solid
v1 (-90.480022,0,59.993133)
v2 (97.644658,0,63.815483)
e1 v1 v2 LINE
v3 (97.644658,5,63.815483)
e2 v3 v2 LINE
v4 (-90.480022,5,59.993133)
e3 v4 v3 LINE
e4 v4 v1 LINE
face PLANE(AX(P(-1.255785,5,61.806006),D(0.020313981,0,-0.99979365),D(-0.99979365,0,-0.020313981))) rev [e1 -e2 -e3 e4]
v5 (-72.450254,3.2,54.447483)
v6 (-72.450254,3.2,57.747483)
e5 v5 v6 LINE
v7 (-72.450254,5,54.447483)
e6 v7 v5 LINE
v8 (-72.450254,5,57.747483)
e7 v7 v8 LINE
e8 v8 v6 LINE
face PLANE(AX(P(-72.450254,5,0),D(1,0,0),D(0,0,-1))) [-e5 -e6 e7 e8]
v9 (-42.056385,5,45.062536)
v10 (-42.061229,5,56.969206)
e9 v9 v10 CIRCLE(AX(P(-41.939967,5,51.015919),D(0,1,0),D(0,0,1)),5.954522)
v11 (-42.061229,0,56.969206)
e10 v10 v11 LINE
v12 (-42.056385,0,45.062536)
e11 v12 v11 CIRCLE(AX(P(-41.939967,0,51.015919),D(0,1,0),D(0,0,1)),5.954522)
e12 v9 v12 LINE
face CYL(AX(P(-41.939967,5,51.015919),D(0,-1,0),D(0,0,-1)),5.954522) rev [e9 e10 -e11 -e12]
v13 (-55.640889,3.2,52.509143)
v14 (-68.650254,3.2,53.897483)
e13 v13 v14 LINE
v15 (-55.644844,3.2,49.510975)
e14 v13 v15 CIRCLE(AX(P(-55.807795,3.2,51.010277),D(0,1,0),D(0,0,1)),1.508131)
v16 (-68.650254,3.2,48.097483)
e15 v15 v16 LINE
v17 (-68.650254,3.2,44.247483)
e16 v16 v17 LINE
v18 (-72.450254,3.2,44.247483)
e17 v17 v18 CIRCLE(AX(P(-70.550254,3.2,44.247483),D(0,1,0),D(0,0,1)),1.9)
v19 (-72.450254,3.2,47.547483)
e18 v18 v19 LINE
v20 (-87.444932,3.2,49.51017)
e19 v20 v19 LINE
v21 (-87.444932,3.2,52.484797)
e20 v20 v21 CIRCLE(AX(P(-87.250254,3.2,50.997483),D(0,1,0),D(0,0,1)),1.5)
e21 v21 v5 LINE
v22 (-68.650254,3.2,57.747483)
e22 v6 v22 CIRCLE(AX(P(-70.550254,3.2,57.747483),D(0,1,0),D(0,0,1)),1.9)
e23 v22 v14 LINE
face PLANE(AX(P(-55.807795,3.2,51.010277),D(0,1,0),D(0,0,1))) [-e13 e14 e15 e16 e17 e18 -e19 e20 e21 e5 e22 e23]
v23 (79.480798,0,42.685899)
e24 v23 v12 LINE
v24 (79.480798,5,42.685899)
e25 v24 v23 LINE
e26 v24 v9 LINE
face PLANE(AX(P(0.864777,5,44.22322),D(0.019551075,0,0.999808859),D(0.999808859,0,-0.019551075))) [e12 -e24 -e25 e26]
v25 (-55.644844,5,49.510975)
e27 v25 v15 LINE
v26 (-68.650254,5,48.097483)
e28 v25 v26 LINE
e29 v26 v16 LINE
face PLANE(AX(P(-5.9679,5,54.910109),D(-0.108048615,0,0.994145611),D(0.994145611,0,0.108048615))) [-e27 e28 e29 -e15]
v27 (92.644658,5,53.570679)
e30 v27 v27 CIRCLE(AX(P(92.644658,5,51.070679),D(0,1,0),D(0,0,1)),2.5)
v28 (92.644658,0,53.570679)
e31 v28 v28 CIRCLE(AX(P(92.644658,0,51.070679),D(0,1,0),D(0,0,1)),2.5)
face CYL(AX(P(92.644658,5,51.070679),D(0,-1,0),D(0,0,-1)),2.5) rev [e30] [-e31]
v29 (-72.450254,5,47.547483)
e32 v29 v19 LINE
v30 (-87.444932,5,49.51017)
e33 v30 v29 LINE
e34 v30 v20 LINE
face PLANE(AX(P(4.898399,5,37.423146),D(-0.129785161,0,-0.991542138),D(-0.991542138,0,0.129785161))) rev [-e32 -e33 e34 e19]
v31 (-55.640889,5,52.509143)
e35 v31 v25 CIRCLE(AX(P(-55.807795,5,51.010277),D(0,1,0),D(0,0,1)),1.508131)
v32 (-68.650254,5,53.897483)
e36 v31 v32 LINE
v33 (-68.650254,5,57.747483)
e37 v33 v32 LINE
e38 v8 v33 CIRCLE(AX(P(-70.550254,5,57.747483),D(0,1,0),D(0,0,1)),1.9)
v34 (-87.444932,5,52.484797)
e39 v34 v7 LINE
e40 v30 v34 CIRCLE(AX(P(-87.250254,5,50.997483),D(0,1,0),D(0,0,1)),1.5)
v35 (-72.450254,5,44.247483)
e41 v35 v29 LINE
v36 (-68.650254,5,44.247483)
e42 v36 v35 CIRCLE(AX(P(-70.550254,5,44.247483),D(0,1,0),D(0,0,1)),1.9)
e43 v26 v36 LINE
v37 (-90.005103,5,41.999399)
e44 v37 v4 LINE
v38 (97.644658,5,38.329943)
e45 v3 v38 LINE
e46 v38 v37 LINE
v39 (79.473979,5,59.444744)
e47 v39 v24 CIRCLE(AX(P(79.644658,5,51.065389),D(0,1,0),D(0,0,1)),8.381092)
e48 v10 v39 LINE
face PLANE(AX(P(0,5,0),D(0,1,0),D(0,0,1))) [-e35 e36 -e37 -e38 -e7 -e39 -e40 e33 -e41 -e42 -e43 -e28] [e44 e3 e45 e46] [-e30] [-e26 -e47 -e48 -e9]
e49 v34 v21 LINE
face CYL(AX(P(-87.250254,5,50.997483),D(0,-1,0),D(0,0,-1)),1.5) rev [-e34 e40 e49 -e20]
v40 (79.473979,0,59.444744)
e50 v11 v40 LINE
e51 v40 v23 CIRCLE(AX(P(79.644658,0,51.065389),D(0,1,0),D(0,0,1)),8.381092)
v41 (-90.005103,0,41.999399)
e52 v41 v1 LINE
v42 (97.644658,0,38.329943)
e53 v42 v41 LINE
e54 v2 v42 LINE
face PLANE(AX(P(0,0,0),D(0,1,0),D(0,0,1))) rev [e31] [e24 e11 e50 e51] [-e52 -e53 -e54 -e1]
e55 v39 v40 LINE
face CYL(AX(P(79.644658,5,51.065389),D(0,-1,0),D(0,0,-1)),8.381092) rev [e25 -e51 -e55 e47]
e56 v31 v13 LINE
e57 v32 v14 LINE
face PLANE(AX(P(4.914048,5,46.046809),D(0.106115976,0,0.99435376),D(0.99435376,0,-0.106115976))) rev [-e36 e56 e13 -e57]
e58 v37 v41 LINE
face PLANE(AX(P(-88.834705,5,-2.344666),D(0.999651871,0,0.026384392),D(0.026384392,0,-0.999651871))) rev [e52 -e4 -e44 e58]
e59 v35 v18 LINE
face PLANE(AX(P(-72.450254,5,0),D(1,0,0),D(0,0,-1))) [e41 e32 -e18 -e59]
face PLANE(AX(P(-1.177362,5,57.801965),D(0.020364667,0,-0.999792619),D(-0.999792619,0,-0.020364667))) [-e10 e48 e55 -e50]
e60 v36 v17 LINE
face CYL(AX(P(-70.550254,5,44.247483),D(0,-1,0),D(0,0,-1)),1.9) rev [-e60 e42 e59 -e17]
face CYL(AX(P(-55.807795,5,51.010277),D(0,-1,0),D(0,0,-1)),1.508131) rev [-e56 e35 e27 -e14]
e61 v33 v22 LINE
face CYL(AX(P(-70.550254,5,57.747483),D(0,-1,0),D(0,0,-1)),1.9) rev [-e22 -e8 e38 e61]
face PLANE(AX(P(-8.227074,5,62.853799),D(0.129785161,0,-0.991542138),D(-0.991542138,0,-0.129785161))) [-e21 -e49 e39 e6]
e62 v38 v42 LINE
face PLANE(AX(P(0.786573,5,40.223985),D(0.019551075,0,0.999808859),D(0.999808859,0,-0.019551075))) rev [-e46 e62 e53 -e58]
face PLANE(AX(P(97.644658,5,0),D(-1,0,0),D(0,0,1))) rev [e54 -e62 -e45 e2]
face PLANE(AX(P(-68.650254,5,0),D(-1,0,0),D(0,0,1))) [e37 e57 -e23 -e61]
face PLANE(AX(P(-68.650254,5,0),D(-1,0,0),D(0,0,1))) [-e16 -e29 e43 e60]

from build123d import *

# Parameters (mm, degrees)
SKETCH1_R           = 2.5
BOSS_EXTRUDE1_DEPTH = 5
BOSS_EXTRUDE2_DEPTH = 3.2


with BuildPart() as part:
    # Sketch1 → Boss-Extrude1 (new body)
    with BuildSketch(Plane(origin=(0, 0, 0), x_dir=(1, 0, 0), z_dir=(0, 1, 0))):
        Polygon((-90.005103209, -41.999399148), (-90.480022259, -59.993132832), (97.6446575, -63.815482804), (97.6446575, -38.32994317), (-49.807795153, -41.213348306), align=None)
        with BuildLine():
            Line((-72.450254412, -47.547483492), (-72.450254412, -44.247483492))
            ThreePointArc((-72.450254412, -44.247483492), (-70.550254412, -42.347483492), (-68.650254412, -44.247483492))
            Line((-68.650254412, -44.247483492), (-68.650254412, -48.097483492))
            Line((-68.650254412, -48.097483492), (-55.644843725, -49.510975235))
            ThreePointArc((-55.644843725, -49.510975235), (-54.299665811, -51.008287292), (-55.640888759, -52.509143053))
            Line((-55.640888759, -52.509143053), (-68.650254412, -53.897483492))
            Line((-68.650254412, -53.897483492), (-68.650254412, -57.747483492))
            ThreePointArc((-68.650254412, -57.747483492), (-70.550254412, -59.647483492), (-72.450254412, -57.747483492))
            Line((-72.450254412, -57.747483492), (-72.450254412, -54.447483492))
            Line((-72.450254412, -54.447483492), (-87.444932153, -52.484796699))
            ThreePointArc((-87.444932153, -52.484796699), (-88.750254412, -50.997483492), (-87.444932153, -49.510170284))
            Line((-87.444932153, -49.510170284), (-72.450254412, -47.547483492))
        make_face(mode=Mode.SUBTRACT)
        with BuildLine():
            Line((-42.056384532, -45.062535629), (79.480798132, -42.685898751))
            ThreePointArc((79.480798132, -42.685898751), (88.025749222, -51.068799274), (79.473979342, -59.444743533))
            Line((79.473979342, -59.444743533), (-42.061229083, -56.969206079))
            ThreePointArc((-42.061229083, -56.969206079), (-47.894488465, -51.013496449), (-42.056384532, -45.062535629))
        make_face(mode=Mode.SUBTRACT)
        with Locations((92.6446575, -51.070678602)):
            Circle(SKETCH1_R, mode=Mode.SUBTRACT)
    extrude(amount=BOSS_EXTRUDE1_DEPTH)

    # Sketch1<16> → Boss-Extrude2 (add)
    with BuildSketch(Plane(origin=(0, 0, 0), x_dir=(1, 0, 0), z_dir=(0, 1, 0))):
        with BuildLine():
            Line((-72.450254412, -44.247483492), (-72.450254412, -47.547483492))
            Line((-72.450254412, -47.547483492), (-87.444932153, -49.510170284))
            ThreePointArc((-87.444932153, -49.510170284), (-88.750254412, -50.997483492), (-87.444932153, -52.484796699))
            Line((-87.444932153, -52.484796699), (-72.450254412, -54.447483492))
            Line((-72.450254412, -54.447483492), (-72.450254412, -57.747483492))
            ThreePointArc((-72.450254412, -57.747483492), (-70.550254412, -59.647483492), (-68.650254412, -57.747483492))
            Line((-68.650254412, -57.747483492), (-68.650254412, -53.897483492))
            Line((-68.650254412, -53.897483492), (-55.640888759, -52.509143053))
            ThreePointArc((-55.640888759, -52.509143053), (-54.299665811, -51.008287292), (-55.644843725, -49.510975235))
            Line((-55.644843725, -49.510975235), (-68.650254412, -48.097483492))
            Line((-68.650254412, -48.097483492), (-68.650254412, -44.247483492))
            ThreePointArc((-68.650254412, -44.247483492), (-70.550254412, -42.347483492), (-72.450254412, -44.247483492))
        make_face()
    extrude(amount=BOSS_EXTRUDE2_DEPTH)


solid = part.part
